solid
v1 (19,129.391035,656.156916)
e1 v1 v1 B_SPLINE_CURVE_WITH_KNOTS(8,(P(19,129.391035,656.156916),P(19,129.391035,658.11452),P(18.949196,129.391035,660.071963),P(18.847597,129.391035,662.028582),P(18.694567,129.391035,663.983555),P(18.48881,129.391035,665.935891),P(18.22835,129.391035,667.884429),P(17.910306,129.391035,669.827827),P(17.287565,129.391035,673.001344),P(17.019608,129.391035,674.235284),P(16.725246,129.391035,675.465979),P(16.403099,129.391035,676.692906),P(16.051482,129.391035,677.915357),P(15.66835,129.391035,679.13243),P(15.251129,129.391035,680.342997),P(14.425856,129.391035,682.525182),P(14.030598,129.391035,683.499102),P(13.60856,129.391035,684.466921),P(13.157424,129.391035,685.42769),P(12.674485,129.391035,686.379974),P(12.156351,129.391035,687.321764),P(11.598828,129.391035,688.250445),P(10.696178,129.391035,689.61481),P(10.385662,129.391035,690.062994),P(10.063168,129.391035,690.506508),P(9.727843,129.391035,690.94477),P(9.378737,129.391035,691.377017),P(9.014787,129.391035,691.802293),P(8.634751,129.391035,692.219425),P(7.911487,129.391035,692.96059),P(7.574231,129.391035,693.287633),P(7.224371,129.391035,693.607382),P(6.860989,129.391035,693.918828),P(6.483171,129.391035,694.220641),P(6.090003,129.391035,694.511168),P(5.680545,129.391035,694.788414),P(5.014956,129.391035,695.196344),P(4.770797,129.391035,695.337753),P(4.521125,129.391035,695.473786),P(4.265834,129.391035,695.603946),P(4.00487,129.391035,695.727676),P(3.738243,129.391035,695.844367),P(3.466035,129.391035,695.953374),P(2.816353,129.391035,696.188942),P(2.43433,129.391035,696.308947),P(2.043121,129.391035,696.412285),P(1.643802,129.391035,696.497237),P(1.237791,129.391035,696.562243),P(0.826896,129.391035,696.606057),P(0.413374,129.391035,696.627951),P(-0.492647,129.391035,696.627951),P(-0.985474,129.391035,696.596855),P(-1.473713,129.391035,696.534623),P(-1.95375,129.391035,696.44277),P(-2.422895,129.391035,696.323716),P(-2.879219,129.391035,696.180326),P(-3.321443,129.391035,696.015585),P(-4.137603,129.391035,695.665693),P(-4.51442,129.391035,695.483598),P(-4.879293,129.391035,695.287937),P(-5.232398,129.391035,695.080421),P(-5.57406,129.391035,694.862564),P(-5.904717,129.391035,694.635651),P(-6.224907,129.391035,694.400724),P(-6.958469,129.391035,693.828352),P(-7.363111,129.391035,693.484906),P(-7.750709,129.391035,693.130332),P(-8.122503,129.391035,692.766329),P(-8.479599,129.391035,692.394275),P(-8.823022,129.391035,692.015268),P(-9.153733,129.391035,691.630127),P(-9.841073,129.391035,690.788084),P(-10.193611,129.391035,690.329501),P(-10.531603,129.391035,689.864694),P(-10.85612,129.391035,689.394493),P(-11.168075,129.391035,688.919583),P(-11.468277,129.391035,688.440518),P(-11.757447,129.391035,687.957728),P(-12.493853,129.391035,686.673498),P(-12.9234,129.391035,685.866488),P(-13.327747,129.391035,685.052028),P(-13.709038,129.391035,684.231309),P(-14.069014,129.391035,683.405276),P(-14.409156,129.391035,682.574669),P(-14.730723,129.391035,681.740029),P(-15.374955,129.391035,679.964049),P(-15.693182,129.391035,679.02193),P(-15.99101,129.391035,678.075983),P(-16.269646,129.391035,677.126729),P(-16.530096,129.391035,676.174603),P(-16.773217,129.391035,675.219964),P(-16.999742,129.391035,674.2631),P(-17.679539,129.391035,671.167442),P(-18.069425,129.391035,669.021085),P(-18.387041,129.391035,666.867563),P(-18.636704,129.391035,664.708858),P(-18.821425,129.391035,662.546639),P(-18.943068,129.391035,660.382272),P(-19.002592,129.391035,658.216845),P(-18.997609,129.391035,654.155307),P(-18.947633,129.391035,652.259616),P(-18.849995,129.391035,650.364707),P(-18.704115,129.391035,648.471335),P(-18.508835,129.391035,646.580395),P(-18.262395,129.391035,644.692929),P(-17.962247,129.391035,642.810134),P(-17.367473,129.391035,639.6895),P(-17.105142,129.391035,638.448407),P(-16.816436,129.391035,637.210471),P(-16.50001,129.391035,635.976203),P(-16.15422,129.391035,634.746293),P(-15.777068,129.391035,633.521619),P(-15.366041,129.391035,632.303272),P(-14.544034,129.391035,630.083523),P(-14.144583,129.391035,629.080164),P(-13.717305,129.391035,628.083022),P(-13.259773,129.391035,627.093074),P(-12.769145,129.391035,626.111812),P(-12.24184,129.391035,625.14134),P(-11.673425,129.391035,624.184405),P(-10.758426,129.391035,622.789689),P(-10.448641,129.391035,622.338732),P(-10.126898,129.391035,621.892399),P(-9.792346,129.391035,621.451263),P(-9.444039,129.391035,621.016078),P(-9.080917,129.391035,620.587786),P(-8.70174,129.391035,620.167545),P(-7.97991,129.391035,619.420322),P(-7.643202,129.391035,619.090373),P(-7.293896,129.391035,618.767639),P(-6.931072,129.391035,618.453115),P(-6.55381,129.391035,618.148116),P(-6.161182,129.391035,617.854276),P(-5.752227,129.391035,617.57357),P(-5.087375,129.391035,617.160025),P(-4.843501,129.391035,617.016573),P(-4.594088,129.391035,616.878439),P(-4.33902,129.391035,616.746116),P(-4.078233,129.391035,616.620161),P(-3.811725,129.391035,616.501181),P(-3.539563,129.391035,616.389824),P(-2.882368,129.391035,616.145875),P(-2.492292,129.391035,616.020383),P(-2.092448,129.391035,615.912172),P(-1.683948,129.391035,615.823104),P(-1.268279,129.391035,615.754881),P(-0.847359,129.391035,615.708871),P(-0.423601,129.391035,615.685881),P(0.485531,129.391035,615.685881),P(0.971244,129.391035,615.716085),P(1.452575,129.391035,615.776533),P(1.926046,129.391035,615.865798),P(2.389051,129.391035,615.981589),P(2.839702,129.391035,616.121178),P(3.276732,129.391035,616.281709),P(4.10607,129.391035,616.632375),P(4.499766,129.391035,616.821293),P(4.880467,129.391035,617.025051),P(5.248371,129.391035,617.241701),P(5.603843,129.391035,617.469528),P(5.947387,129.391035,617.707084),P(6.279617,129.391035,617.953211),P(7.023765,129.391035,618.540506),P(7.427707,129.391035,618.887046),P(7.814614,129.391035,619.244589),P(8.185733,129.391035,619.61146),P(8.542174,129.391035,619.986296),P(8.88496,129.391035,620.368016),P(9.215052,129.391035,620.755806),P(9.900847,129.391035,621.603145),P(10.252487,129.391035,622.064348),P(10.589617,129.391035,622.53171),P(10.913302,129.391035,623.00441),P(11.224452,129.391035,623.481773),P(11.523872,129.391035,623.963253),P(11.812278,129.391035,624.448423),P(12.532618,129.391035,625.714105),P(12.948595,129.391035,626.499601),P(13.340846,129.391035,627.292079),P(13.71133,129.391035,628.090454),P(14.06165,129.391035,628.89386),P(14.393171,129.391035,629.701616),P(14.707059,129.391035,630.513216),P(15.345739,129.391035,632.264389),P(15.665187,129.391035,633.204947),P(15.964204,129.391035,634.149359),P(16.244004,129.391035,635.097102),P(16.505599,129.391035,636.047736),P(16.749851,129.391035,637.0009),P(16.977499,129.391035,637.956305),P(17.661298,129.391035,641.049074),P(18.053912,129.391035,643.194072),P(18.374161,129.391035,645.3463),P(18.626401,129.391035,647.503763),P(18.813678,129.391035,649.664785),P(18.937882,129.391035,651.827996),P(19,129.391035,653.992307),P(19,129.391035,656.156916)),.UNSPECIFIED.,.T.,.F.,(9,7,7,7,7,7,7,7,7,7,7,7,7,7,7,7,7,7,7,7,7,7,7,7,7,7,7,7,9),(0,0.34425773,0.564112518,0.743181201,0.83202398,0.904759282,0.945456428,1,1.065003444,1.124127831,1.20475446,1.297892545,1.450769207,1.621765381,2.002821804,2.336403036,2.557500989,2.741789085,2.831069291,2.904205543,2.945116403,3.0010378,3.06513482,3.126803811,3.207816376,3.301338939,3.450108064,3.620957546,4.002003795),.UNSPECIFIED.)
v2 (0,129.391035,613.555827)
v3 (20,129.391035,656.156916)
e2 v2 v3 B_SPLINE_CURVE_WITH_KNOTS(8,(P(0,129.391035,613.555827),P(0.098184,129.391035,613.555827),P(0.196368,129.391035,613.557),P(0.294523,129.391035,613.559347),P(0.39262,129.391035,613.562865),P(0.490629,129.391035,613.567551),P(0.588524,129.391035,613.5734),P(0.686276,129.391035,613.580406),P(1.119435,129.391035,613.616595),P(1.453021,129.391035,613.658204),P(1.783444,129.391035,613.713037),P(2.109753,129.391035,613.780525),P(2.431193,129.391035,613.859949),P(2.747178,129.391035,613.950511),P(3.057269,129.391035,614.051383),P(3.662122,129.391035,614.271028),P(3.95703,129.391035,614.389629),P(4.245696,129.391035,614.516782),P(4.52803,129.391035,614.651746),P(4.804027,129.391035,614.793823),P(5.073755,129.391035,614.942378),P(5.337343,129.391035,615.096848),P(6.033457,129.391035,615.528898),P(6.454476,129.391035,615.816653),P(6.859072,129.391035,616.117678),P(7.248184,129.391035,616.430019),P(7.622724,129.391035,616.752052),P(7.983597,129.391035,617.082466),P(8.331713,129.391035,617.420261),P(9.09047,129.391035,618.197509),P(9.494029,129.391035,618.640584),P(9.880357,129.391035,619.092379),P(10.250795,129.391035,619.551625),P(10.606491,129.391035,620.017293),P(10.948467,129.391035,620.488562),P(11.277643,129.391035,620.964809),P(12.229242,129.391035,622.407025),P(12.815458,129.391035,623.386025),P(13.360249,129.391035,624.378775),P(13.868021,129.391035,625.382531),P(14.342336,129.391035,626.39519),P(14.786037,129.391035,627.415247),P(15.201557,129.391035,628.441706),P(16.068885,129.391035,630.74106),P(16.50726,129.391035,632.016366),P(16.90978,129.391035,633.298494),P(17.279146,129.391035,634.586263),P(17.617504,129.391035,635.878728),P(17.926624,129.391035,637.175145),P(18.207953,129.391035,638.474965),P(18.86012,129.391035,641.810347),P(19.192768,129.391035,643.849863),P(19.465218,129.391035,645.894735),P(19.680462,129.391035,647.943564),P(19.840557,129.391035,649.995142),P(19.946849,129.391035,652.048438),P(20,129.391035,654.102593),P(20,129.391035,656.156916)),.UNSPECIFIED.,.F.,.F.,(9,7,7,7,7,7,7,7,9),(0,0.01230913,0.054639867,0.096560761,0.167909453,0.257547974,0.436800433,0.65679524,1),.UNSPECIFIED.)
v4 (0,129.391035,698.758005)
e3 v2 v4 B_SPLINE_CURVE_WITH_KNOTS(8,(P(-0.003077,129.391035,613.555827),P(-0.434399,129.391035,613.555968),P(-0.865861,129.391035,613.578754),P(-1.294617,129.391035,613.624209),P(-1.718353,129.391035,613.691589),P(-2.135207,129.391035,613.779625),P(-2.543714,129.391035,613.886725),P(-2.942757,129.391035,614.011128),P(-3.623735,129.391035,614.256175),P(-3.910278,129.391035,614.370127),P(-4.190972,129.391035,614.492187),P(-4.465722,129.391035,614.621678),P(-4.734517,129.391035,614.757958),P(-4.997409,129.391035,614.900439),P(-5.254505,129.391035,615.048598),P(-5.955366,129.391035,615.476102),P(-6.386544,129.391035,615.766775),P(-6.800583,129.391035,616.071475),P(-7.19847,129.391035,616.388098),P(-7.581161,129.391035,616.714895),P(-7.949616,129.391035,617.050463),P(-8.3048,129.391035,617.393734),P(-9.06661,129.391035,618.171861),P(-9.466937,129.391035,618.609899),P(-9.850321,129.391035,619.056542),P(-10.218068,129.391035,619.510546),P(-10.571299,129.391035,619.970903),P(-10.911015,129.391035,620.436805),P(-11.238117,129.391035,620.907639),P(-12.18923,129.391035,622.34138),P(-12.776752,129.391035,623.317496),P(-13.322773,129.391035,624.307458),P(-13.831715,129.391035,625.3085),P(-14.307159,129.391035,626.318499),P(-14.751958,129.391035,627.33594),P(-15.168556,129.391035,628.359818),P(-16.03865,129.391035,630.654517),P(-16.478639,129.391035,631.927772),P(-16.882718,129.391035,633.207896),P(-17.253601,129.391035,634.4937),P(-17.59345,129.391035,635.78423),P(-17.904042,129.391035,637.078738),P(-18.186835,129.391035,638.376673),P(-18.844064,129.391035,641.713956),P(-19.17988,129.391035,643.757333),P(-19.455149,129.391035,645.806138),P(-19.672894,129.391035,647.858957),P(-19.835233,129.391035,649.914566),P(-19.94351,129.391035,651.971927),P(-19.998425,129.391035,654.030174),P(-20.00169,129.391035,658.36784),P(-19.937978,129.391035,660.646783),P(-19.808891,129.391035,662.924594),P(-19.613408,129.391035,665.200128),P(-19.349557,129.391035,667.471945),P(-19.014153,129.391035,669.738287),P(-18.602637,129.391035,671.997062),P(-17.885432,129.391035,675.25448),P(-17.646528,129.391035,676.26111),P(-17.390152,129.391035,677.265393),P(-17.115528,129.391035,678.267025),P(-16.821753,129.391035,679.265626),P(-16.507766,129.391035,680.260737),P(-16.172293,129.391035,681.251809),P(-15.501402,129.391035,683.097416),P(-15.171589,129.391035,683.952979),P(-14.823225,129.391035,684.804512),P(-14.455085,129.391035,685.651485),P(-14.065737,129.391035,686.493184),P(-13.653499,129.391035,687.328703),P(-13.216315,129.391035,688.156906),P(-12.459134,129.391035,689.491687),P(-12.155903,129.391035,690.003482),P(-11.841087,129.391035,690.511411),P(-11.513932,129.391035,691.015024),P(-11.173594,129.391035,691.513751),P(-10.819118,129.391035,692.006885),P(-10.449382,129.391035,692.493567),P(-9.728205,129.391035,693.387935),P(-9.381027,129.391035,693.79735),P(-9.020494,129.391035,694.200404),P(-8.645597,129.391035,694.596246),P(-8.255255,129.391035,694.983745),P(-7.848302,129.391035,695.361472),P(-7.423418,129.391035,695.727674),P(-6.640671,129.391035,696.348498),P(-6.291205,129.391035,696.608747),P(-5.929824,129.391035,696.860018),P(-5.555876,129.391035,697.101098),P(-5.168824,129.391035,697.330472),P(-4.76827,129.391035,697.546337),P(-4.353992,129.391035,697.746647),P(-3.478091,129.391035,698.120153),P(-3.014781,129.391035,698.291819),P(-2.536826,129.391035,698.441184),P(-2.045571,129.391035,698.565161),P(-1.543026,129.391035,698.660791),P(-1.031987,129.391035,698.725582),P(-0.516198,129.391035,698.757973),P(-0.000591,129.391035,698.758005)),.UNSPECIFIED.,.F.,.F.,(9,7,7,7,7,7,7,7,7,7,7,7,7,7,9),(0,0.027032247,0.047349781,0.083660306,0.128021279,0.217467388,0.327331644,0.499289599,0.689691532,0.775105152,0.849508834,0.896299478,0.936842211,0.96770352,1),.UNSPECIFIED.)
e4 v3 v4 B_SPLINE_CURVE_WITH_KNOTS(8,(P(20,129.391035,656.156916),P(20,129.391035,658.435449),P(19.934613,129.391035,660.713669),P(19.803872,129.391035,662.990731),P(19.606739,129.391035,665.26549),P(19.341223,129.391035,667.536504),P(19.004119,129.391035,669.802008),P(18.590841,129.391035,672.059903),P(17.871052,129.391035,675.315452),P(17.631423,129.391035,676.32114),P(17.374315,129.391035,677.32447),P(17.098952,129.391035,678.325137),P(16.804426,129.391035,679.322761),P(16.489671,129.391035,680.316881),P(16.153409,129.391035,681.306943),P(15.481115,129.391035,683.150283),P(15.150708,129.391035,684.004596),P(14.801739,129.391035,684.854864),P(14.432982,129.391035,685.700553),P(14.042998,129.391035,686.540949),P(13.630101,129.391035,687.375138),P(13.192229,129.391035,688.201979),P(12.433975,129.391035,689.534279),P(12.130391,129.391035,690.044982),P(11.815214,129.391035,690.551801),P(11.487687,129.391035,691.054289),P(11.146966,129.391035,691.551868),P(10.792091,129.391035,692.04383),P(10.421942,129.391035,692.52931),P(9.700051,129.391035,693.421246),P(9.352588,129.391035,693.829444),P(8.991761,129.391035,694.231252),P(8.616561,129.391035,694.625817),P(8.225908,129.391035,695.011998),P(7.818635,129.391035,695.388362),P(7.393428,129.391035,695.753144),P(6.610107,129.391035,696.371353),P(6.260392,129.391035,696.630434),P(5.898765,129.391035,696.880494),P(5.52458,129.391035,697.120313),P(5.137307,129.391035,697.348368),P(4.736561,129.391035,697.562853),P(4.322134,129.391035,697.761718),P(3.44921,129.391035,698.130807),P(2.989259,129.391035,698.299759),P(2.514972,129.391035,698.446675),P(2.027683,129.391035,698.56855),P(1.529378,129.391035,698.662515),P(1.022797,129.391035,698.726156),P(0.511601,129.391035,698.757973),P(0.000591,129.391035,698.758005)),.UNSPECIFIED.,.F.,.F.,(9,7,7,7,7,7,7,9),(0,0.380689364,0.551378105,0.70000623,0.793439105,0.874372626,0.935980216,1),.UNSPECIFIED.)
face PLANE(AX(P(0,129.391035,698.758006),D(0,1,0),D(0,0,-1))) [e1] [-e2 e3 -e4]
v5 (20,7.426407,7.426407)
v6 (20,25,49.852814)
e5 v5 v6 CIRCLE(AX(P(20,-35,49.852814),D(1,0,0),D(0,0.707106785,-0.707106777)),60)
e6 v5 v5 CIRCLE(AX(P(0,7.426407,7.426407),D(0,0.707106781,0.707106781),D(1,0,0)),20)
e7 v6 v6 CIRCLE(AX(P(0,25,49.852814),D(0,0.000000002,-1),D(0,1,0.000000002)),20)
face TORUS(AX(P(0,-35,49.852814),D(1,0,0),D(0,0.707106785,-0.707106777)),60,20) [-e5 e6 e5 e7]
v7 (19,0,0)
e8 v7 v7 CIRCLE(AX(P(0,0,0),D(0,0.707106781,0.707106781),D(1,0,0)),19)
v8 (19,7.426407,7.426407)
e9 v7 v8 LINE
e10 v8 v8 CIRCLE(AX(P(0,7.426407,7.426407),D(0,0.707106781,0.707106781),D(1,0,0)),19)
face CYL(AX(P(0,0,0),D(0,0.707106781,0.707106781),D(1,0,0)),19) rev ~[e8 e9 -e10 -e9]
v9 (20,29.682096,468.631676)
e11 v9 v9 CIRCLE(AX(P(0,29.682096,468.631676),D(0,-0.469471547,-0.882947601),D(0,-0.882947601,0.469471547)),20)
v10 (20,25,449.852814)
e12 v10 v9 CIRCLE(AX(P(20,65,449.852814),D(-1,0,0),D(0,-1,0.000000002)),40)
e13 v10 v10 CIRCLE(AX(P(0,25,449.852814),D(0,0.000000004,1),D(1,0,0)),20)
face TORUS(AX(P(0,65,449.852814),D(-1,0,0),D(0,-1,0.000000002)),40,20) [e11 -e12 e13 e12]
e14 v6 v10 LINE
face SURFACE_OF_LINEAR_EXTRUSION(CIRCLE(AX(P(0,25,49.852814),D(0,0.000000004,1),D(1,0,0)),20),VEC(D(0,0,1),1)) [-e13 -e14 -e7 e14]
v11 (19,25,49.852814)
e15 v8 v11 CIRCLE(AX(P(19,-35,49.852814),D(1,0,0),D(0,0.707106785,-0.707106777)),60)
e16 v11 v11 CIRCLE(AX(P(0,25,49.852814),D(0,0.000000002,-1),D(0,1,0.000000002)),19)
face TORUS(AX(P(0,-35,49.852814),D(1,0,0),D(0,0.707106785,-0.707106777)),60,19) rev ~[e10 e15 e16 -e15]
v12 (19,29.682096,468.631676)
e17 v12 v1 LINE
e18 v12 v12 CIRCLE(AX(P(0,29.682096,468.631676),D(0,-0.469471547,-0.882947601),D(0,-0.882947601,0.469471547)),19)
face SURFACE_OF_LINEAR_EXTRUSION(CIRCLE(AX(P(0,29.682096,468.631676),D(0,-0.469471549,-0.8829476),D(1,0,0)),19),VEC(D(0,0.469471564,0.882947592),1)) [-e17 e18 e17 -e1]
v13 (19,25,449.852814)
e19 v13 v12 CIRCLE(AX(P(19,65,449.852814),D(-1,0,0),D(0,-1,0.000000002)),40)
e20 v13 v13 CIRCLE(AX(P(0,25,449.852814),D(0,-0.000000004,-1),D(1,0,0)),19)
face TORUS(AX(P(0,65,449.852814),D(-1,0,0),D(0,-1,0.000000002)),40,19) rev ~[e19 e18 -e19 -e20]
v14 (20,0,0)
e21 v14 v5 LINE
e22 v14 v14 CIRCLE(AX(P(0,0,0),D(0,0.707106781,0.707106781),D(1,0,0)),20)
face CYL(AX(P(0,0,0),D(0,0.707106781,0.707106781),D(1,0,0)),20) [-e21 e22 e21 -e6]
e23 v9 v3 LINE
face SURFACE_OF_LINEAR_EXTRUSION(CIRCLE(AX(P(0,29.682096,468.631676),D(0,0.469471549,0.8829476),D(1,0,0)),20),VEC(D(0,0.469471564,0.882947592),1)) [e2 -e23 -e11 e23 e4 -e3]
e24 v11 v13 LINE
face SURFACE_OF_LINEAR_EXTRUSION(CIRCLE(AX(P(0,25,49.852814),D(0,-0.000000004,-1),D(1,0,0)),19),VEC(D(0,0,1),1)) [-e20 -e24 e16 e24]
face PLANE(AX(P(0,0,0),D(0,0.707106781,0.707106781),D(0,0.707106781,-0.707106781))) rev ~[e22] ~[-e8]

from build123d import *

# Parameters (mm, degrees)
F2_R     = 20
F2_R_2   = 19
F5_DEPTH = 25
F6_DEPTH = 25


with BuildPart() as f3:
    # F3: sweep along a path in F0
    with BuildLine(Plane.YZ) as f3_path:
        Line((0, 0), (7.426407, 7.426407))
        ThreePointArc((7.426407, 7.426407), (20.432772, 26.891808), (25, 49.852814))
        Line((25, 49.852814), (25, 449.852814))
        ThreePointArc((25, 449.852814), (26.188171, 459.52969), (29.682096, 468.631676))
        Line((29.682096, 468.631676), (147.049987, 689.368574))
    # F2 (on face) → F3 (sweep)
    with BuildSketch(Plane(origin=(0, 0, 0), x_dir=(1, 0, 0), z_dir=(0, 0.707107, 0.707107))):
        Circle(F2_R)
        Circle(F2_R_2, mode=Mode.SUBTRACT)
    sweep(path=f3_path.line)

    # F4 (on Right) → F5 (cut)
    with BuildSketch(Plane.YZ):
        Polygon((164.708939, 679.979143), (129.391035, 698.758006), (129.391035, 613.555827), align=None)
    extrude(amount=-F5_DEPTH, mode=Mode.SUBTRACT)

    # F4 (on Right) → F6 (cut)
    with BuildSketch(Plane.YZ):
        Polygon((164.708939, 679.979143), (129.391035, 698.758006), (129.391035, 613.555827), align=None)
    extrude(amount=F6_DEPTH, mode=Mode.SUBTRACT)


solid = f3.part
